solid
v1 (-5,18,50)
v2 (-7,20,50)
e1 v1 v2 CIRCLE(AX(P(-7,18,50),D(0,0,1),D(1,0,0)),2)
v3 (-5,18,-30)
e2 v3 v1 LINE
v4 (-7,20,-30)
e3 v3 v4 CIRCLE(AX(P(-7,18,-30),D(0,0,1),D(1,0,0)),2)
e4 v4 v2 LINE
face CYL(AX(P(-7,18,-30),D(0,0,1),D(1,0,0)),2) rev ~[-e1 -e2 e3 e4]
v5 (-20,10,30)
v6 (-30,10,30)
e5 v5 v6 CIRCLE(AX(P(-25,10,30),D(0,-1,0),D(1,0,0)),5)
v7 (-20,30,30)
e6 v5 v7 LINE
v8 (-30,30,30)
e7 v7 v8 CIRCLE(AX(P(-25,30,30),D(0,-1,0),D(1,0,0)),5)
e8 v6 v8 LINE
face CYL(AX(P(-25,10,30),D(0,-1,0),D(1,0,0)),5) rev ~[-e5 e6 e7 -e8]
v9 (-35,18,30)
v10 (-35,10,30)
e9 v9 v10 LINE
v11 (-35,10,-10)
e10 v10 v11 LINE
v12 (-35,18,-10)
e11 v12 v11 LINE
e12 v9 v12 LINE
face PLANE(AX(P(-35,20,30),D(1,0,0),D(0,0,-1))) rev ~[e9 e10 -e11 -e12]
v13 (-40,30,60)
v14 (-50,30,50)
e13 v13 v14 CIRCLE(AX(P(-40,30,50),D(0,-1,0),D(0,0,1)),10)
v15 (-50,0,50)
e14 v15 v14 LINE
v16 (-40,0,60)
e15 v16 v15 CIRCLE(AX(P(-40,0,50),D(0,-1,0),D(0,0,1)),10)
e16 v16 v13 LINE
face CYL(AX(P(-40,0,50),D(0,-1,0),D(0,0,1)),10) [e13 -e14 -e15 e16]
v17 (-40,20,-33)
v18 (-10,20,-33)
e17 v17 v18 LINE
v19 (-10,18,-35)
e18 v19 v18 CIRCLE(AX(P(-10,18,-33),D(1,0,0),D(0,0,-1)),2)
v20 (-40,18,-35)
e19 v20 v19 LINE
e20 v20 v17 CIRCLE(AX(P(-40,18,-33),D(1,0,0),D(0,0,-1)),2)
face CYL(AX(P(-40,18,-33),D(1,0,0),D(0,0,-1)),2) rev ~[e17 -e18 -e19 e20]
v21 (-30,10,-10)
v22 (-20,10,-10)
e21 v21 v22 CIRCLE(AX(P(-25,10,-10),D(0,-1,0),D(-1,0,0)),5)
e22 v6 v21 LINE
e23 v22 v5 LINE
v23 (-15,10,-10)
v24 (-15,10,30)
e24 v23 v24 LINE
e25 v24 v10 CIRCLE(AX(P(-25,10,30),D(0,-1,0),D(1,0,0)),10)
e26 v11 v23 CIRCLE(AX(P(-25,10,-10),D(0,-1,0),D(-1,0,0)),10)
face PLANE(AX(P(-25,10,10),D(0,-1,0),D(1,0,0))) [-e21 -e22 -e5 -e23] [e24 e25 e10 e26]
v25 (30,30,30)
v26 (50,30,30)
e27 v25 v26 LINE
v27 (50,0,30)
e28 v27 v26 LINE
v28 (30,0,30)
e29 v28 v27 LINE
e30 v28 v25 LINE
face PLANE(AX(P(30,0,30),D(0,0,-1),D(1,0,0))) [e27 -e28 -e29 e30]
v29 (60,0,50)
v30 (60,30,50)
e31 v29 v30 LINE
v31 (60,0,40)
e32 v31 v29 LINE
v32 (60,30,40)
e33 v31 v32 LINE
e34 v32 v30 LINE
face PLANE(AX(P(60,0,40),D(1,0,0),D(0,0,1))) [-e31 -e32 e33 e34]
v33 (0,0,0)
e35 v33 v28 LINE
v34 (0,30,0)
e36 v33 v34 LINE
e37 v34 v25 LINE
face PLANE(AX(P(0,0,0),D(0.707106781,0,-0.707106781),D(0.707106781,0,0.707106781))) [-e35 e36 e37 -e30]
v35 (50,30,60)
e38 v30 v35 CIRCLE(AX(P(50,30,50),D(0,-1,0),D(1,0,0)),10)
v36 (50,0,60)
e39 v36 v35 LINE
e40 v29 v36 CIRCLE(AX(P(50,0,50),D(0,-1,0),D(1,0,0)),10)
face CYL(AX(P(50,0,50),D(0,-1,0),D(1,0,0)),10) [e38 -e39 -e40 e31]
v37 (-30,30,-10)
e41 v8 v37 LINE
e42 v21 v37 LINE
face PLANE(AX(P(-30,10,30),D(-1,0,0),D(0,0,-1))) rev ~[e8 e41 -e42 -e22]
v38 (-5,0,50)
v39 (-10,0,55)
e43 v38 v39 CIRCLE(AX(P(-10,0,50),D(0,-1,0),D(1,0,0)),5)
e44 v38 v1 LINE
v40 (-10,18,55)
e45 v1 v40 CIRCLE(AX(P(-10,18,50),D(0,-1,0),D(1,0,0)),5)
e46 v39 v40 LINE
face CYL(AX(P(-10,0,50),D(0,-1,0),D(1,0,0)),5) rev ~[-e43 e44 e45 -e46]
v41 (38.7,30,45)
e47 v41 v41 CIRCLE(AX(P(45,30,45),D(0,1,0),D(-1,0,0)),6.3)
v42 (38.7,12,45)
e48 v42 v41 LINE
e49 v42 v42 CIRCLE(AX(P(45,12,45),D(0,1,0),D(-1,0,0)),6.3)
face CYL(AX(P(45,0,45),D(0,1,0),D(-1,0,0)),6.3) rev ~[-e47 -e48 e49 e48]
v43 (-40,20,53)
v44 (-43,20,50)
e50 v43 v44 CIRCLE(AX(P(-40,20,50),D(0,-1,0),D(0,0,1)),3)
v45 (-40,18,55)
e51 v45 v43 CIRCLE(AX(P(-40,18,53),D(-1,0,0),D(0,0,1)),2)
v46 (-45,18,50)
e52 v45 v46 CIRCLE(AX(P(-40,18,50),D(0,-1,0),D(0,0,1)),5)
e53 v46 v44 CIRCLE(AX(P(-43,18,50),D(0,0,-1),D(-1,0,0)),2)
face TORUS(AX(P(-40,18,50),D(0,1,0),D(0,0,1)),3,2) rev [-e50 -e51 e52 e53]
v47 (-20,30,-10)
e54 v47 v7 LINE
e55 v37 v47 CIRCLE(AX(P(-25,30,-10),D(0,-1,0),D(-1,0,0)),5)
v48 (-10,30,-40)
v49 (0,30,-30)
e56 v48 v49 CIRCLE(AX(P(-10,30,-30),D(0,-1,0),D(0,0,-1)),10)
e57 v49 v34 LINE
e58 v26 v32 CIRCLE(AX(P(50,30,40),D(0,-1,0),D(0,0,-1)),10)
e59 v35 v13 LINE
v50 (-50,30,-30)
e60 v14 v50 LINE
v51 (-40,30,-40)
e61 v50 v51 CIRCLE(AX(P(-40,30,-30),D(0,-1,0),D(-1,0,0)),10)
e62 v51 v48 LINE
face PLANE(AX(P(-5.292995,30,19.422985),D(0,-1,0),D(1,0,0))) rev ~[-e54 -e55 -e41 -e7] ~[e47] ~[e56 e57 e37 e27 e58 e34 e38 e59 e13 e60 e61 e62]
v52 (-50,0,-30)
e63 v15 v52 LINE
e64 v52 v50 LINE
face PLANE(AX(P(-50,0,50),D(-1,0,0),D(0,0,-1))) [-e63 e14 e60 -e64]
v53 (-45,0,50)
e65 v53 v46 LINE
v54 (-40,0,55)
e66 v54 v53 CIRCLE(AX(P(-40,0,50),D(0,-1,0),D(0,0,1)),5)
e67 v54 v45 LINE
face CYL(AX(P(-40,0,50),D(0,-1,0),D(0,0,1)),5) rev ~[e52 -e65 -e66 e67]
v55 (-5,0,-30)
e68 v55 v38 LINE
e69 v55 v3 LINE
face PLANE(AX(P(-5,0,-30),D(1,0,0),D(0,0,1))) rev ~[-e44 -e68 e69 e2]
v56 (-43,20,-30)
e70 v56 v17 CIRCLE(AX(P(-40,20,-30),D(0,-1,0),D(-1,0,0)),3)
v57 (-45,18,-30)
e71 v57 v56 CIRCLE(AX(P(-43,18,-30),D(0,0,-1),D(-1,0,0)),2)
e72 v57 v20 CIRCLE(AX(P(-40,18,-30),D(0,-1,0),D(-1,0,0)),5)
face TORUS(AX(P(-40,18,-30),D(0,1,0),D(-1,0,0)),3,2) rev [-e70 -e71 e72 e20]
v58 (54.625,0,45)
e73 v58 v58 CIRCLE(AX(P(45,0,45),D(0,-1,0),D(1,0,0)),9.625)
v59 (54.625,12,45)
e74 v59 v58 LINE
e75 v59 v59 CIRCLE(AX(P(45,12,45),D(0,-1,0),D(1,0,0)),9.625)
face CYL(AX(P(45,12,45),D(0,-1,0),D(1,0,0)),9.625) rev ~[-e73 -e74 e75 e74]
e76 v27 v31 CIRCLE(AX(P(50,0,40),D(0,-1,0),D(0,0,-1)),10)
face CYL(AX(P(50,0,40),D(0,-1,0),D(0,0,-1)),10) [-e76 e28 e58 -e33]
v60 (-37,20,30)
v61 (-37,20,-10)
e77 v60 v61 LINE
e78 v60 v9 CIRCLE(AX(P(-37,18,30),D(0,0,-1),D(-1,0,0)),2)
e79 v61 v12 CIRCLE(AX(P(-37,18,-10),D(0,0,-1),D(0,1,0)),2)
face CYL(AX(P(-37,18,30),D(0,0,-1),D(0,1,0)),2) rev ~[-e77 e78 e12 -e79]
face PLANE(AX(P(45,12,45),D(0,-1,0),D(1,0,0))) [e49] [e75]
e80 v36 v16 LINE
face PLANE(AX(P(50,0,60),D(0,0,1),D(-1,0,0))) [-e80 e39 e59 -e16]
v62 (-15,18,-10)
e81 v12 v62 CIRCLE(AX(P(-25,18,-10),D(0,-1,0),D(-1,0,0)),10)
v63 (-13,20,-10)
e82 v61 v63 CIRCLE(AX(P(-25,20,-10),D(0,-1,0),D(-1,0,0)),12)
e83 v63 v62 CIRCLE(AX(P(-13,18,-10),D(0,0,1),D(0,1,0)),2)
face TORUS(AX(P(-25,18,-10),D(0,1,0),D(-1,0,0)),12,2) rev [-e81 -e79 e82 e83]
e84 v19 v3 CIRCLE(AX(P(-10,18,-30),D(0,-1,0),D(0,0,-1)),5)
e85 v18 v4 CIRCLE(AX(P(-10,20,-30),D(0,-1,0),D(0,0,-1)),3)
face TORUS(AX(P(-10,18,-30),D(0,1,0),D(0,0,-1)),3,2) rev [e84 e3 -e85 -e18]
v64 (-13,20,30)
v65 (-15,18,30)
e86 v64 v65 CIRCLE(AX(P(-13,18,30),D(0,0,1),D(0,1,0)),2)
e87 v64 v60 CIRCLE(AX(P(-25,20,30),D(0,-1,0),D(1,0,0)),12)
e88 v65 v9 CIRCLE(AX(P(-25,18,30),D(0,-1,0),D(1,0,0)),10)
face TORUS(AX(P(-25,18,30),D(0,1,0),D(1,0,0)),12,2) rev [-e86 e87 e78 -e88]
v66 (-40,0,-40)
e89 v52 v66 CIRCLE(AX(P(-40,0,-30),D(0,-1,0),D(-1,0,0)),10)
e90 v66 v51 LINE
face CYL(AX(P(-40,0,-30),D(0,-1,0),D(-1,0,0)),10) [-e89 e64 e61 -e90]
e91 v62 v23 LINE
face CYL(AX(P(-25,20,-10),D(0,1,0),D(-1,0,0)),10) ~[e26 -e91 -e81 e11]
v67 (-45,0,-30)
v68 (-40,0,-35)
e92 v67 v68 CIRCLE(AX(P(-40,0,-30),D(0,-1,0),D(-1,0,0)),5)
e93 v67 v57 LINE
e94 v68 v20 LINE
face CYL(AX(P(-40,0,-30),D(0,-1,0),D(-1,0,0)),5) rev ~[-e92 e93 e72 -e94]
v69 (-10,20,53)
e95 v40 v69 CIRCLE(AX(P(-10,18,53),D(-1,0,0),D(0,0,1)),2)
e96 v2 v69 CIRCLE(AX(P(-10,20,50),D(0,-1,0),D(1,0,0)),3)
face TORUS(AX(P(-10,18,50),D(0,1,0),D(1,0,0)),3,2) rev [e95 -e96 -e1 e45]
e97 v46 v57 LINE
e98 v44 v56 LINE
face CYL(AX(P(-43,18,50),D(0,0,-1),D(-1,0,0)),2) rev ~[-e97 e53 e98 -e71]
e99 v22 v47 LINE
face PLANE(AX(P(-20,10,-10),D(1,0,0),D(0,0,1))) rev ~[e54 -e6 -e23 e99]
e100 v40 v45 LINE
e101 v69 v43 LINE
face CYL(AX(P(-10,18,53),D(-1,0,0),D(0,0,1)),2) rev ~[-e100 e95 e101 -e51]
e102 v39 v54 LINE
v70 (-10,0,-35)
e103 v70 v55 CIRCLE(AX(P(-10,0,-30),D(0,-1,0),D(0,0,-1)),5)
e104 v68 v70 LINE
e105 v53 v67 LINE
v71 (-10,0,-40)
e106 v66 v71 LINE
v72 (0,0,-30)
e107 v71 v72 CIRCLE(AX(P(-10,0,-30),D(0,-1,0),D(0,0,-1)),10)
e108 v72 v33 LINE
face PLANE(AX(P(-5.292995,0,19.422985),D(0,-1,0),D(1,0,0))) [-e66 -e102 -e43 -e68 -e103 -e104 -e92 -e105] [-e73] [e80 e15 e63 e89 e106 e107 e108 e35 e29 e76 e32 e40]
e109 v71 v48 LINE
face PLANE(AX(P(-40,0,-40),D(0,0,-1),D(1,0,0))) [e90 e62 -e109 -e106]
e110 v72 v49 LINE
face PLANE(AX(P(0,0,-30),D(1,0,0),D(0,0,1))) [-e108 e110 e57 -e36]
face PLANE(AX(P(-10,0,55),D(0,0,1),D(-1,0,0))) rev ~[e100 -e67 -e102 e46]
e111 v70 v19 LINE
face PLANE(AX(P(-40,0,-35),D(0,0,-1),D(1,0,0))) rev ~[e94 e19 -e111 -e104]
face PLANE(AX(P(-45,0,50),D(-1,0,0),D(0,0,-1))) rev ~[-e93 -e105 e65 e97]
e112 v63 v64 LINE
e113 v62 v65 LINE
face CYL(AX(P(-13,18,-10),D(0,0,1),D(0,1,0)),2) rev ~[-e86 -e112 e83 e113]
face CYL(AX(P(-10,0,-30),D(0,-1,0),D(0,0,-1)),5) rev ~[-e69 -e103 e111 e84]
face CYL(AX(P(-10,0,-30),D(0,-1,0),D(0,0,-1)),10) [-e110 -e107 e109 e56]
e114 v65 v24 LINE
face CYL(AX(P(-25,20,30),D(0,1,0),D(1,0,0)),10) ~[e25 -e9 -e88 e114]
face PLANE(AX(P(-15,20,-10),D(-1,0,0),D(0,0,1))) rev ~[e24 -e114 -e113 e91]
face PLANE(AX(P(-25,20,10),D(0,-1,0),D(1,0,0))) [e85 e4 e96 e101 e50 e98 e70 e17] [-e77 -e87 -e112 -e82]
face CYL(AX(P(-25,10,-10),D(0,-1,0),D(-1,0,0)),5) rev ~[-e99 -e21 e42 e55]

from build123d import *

# Parameters (mm, degrees)
F1_DEPTH       = 30
F2_D           = 12.6
F2_CBORE_D     = 19.25
F2_CBORE_DEPTH = 12
F4_DEPTH       = 20
F7_DEPTH       = 10
F10_DEPTH      = 20.001
F11_R          = 2


with BuildPart() as f1:
    # F0 (on Front) → F1 (new body)
    with BuildSketch(Plane.XZ):
        with BuildLine():
            Line((0, -30), (0, 0))
            Line((0, 0), (30, 30))
            Line((30, 30), (50, 30))
            ThreePointArc((50, 30), (57.0710678119, 32.9289321881), (60, 40))
            Line((60, 40), (60, 50))
            ThreePointArc((60, 50), (57.0710678119, 57.0710678119), (50, 60))
            Line((50, 60), (-40, 60))
            ThreePointArc((-40, 60), (-47.0710678119, 57.0710678119), (-50, 50))
            Line((-50, 50), (-50, -30))
            ThreePointArc((-50, -30), (-47.0710678119, -37.0710678119), (-40, -40))
            Line((-40, -40), (-10, -40))
            ThreePointArc((-10, -40), (-2.9289321881, -37.0710678119), (0, -30))
        make_face()
    extrude(amount=-F1_DEPTH)

    # F2 (through all)
    with Locations(Plane.XZ):
        with Locations((45, 45)):
            CounterBoreHole(F2_D / 2, F2_CBORE_D / 2, F2_CBORE_DEPTH)

    # F3 (on face) → F4 (cut)
    with BuildSketch(Plane.XZ):
        with BuildLine():
            Line((-10, 55), (-40, 55))
            ThreePointArc((-40, 55), (-43.5355339059, 53.5355339059), (-45, 50))
            Line((-45, 50), (-45, -30))
            ThreePointArc((-45, -30), (-43.5355339059, -33.5355339059), (-40, -35))
            Line((-40, -35), (-10, -35))
            ThreePointArc((-10, -35), (-6.4644660941, -33.5355339059), (-5, -30))
            Line((-5, -30), (-5, 50))
            ThreePointArc((-5, 50), (-6.4644660941, 53.5355339059), (-10, 55))
        make_face()
    extrude(amount=-F4_DEPTH, mode=Mode.SUBTRACT)

    # F6 (on offset) → F7 (join)
    with BuildSketch(Plane.XZ.offset(-20)):
        with BuildLine():
            Line((-15, -10), (-15, 30))
            ThreePointArc((-15, 30), (-25, 40), (-35, 30))
            Line((-35, 30), (-35, -10))
            ThreePointArc((-35, -10), (-25, -20), (-15, -10))
        make_face()
    extrude(amount=F7_DEPTH)

    # F9 (on offset) → F10 (cut, through all)
    with BuildSketch(Plane.XZ.offset(-10)):
        with BuildLine():
            Line((-20, -10), (-20, 30))
            ThreePointArc((-20, 30), (-25, 35), (-30, 30))
            Line((-30, 30), (-30, -10))
            ThreePointArc((-30, -10), (-25, -15), (-20, -10))
        make_face()
    extrude(amount=-F10_DEPTH, mode=Mode.SUBTRACT)

    # F11
    f11_edges = [f1.edges().sort_by_distance(p)[0] for p in [
        (-6.464466, 20, 53.535534),
        (-5, 20, 10),
        (-25, 20, 55),
        (-6.464466, 20, -33.535534),
        (-43.535534, 20, 53.535534),
        (-25, 20, -35),
        (-45, 20, 10),
        (-43.535534, 20, -33.535534),
        (-15, 20, 10),
        (-25, 20, 40),
        (-35, 20, 10),
        (-25, 20, -20),
    ]]
    fillet(f11_edges, radius=F11_R)


solid = f1.part
